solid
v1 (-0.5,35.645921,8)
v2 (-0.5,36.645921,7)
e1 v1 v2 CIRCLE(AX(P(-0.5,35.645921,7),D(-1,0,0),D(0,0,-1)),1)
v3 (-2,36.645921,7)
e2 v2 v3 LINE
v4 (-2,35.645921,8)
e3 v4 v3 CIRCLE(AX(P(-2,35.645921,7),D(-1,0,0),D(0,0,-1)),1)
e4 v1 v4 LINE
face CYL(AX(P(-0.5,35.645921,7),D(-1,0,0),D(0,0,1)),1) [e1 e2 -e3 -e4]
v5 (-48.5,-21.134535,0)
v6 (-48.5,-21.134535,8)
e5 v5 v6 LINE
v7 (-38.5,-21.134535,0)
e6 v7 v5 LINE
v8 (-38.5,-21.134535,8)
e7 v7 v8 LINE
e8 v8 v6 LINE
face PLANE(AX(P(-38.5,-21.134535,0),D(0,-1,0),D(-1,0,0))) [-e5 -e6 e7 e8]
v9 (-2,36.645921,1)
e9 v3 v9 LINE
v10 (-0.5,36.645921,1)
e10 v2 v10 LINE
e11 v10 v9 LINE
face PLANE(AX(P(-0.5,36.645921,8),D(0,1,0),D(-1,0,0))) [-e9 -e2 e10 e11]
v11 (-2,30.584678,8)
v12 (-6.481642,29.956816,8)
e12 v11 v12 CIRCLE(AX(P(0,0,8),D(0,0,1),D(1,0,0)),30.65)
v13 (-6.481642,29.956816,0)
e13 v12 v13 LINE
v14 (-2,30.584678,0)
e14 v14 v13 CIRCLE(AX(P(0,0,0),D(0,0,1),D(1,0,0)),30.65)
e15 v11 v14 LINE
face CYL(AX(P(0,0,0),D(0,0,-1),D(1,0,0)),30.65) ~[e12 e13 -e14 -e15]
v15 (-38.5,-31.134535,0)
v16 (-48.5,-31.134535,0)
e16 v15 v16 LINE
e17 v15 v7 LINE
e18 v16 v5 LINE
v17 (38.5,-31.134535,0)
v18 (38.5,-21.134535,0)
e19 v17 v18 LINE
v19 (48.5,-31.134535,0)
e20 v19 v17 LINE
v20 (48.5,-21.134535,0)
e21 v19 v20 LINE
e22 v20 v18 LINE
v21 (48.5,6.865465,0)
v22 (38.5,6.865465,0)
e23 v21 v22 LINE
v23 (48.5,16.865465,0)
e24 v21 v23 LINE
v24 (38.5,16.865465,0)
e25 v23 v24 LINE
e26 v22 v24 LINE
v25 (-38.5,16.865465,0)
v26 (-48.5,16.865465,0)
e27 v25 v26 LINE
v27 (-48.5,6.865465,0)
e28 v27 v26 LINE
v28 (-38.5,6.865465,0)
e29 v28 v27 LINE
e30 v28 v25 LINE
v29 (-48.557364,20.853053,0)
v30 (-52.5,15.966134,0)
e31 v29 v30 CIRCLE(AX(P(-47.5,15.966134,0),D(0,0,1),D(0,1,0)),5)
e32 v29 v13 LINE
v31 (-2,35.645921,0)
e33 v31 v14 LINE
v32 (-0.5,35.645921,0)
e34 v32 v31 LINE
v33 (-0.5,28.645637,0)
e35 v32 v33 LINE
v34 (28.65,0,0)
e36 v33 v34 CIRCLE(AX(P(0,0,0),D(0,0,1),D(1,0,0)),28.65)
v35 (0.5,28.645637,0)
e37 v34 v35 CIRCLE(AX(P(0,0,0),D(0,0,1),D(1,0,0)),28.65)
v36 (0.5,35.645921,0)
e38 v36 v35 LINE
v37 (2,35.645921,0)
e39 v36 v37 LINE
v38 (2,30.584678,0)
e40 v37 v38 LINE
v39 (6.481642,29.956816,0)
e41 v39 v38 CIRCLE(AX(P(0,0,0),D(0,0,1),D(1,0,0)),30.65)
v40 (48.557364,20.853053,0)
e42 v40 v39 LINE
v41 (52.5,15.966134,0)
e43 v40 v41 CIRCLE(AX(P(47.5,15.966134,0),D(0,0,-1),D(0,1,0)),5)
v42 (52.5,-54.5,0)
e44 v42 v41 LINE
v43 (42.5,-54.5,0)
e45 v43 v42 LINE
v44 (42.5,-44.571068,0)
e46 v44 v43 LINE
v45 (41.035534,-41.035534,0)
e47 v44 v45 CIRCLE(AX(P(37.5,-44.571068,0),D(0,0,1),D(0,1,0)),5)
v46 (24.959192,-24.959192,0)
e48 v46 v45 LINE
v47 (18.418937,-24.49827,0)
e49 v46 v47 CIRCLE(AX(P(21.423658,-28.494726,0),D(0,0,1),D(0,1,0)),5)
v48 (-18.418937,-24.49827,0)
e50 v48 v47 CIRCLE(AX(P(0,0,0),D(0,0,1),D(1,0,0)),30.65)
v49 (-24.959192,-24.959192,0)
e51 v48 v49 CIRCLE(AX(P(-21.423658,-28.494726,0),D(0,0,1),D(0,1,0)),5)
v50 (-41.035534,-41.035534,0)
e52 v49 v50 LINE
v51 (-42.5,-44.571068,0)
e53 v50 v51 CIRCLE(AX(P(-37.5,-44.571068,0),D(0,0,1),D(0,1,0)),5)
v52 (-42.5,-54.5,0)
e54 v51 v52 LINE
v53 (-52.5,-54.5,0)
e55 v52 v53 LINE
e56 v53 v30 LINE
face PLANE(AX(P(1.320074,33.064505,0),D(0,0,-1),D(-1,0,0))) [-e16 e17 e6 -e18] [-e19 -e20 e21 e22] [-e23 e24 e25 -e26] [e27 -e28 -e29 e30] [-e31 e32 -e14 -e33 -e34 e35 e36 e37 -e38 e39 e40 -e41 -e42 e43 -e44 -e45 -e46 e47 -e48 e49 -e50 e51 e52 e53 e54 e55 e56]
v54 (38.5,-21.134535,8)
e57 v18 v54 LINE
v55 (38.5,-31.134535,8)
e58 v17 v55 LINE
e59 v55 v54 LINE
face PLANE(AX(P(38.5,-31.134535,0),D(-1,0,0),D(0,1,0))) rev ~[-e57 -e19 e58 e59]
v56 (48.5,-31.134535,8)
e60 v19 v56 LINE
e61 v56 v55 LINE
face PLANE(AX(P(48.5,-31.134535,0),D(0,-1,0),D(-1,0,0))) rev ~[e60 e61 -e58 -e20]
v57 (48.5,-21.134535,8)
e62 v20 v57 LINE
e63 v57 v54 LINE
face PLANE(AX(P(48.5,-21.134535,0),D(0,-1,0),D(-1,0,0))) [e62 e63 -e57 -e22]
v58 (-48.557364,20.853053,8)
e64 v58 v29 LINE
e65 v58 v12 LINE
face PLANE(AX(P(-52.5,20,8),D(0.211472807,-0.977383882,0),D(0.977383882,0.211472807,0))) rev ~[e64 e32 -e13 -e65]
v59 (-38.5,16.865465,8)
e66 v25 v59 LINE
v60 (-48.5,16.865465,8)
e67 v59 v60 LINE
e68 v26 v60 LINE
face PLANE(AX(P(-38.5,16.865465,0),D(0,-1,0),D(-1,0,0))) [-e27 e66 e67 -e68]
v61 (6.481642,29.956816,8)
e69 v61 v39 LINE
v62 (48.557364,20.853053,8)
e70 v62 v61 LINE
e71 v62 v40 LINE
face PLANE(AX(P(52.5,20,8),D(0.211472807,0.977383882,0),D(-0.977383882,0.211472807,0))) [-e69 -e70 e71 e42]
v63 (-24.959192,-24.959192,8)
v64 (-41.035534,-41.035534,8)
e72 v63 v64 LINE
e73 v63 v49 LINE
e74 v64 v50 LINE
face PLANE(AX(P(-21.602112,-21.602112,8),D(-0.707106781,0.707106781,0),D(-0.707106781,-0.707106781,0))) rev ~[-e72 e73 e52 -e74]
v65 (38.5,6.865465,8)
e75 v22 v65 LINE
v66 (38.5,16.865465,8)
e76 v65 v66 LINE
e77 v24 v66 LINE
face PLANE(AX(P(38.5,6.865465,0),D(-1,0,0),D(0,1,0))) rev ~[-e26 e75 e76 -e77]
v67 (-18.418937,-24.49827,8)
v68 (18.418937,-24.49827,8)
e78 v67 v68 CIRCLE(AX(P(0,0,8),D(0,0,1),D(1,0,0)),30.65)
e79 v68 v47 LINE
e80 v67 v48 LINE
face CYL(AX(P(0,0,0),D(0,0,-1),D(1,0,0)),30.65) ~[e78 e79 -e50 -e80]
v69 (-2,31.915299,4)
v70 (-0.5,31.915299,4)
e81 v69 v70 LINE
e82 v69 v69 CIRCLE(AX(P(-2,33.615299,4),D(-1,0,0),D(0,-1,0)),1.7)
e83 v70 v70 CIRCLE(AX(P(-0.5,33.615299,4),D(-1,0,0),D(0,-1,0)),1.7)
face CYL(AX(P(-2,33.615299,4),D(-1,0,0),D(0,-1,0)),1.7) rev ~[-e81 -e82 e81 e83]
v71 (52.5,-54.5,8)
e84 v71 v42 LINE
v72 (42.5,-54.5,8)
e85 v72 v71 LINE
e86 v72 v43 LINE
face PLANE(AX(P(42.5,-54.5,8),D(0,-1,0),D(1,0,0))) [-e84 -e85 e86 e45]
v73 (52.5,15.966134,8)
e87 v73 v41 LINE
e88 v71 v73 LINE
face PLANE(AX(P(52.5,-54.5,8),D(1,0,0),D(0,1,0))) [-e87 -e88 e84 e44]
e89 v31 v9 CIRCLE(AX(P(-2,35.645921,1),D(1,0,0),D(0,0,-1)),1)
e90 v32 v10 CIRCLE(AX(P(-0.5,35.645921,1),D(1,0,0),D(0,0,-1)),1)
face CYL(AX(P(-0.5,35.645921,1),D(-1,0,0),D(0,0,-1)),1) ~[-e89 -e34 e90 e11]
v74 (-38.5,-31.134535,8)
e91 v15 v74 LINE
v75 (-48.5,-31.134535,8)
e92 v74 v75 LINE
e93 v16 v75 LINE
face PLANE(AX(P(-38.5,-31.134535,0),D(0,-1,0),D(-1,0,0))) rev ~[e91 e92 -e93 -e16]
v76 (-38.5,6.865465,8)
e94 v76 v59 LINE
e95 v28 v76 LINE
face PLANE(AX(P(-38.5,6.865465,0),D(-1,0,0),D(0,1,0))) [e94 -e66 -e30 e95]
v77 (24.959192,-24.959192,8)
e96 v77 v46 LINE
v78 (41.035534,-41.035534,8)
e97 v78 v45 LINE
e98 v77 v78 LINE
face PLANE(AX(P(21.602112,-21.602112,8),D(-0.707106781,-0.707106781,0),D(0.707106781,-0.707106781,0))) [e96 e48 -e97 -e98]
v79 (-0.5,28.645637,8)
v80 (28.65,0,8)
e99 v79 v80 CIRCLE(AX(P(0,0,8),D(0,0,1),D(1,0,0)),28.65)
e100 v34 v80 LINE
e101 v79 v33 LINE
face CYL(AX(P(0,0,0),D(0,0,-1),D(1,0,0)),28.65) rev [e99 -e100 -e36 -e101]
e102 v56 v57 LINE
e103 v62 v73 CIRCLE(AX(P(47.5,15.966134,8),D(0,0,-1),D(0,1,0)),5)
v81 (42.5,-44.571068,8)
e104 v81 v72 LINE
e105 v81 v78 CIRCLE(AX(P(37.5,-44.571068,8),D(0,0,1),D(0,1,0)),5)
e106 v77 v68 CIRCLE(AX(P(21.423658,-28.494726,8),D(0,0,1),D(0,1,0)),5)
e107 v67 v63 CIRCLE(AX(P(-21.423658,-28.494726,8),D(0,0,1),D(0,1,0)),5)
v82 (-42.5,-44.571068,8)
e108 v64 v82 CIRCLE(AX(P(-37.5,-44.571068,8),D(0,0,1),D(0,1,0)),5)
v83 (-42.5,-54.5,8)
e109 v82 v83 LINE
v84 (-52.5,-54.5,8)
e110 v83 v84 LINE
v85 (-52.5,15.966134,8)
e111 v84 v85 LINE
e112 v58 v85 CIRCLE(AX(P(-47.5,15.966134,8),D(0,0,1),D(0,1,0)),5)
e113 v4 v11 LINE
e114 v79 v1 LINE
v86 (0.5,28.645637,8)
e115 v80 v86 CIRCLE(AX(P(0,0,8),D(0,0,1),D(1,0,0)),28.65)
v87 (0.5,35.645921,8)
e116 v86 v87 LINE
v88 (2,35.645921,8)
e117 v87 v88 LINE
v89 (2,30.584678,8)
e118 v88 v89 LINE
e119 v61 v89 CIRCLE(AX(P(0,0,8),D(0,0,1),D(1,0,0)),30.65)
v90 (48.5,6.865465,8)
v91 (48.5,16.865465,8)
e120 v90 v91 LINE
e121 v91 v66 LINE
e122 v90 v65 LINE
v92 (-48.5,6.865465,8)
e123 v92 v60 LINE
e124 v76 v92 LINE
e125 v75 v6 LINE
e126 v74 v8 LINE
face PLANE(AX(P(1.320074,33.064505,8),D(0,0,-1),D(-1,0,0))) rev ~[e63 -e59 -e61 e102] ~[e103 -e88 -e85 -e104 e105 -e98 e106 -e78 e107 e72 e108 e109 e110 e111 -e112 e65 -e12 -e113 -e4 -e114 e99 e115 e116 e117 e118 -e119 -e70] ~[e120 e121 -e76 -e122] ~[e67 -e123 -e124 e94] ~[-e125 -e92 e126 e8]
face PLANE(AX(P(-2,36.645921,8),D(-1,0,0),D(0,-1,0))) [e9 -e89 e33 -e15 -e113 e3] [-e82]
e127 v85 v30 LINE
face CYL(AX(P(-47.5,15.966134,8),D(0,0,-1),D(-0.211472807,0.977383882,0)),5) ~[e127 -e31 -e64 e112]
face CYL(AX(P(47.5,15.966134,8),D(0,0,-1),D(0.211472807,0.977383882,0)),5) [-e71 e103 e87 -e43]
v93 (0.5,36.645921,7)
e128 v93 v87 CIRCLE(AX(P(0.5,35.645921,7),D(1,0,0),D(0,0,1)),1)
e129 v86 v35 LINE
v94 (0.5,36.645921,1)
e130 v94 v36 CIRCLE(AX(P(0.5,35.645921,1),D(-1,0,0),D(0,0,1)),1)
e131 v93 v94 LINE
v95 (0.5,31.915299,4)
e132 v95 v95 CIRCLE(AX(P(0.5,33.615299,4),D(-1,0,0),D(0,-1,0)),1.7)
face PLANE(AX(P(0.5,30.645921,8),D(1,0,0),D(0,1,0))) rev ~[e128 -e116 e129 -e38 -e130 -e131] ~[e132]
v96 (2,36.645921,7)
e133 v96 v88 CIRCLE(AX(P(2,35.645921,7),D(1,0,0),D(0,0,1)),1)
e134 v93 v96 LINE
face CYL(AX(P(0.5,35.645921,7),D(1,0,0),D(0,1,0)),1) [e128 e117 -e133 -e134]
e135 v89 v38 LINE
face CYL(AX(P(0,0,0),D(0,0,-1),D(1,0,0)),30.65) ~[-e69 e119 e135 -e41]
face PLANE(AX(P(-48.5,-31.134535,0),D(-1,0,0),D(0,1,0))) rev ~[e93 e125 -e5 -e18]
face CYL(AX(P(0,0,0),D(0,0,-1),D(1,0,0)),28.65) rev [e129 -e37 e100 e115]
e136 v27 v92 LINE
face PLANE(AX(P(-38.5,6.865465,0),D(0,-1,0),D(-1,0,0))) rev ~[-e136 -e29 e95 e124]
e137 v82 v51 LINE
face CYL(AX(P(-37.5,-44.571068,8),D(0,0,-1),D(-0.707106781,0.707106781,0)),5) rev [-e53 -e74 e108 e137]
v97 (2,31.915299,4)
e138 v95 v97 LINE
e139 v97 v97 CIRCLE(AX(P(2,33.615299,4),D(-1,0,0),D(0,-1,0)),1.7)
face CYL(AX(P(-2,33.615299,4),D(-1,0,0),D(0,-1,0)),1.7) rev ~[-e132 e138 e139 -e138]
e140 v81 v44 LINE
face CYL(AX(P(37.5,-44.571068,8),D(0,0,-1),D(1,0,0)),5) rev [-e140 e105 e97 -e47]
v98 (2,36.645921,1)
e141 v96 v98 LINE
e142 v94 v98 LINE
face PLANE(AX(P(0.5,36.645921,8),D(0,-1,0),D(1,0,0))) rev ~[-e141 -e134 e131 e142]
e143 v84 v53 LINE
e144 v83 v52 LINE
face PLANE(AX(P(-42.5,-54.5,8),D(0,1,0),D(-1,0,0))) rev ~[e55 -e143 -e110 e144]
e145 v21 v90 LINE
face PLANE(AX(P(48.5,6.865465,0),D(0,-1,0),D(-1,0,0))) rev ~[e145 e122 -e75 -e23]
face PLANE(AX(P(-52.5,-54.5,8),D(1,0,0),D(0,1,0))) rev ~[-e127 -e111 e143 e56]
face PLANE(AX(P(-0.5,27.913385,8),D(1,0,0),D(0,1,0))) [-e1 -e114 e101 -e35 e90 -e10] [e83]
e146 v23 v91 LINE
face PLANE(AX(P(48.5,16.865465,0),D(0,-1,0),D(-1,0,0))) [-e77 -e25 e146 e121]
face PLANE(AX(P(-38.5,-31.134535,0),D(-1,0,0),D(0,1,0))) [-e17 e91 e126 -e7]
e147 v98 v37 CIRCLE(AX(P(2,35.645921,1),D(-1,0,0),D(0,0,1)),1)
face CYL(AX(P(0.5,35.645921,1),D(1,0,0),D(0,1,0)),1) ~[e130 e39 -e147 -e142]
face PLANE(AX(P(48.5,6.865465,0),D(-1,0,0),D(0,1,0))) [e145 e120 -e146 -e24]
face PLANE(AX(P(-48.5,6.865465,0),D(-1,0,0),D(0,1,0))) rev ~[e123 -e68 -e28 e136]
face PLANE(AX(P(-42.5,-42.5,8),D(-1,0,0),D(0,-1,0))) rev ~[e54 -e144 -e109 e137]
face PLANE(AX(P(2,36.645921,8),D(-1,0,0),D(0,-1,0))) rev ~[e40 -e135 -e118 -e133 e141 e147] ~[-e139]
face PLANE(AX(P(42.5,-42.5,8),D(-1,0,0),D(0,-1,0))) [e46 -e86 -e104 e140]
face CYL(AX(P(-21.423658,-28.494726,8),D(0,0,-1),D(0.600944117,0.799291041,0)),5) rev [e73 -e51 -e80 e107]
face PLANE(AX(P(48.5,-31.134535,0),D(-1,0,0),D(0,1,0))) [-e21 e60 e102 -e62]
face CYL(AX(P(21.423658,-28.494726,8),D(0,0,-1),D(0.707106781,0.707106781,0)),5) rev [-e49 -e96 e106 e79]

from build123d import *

# Parameters (mm, degrees)
SKIZZE1_R                       = 30.65
SKIZZE1_R_2                     = 28.65
AUFSATZ_LINEAR_AUSTRAGEN1_DEPTH = 8
AUFSATZ_LINEAR_AUSTRAGEN2_DEPTH = 8
SKIZZE3_W                       = 1
SKIZZE3_H                       = 2.855309686
SCHNITT_LINEAR_AUSTRAGEN1_DEPTH = 10
AUFSATZ_LINEAR_AUSTRAGEN3_DEPTH = 8
SKIZZE5_R                       = 1.7
SCHNITT_LINEAR_AUSTRAGEN2_DEPTH = 8
VERRUNDUNG2_R                   = 1
SKIZZE7_W                       = 10
SKIZZE7_H                       = 10
SCHNITT_LINEAR_AUSTRAGEN4_DEPTH = 10
VERRUNDUNG3_R                   = 5


with BuildPart() as part:
    # Skizze1 → Aufsatz-Linear austragen1 (new body)
    with BuildSketch(Plane.XY):
        Circle(SKIZZE1_R)
        Circle(SKIZZE1_R_2, mode=Mode.SUBTRACT)
    extrude(amount=AUFSATZ_LINEAR_AUSTRAGEN1_DEPTH)

    # Skizze2 → Aufsatz-Linear austragen2 (add)
    with BuildSketch(Plane.XY.offset(8)):
        with BuildLine():
            Line((42.5, -42.5), (42.5, -54.5))
            Line((42.5, -54.5), (52.5, -54.5))
            Line((52.5, -54.5), (52.5, 20))
            Line((52.5, 20), (6.481641536, 29.956815969))
            Line((6.481641536, 29.956815969), (6.460494255, 29.859077581))
            ThreePointArc((6.460494255, 29.859077581), (29.307694933, 8.623312455), (21.602112165, -21.602112165))
            Line((21.602112165, -21.602112165), (21.672822843, -21.672822843))
            Line((21.672822843, -21.672822843), (42.5, -42.5))
        make_face()
        with BuildLine():
            Line((-21.672822843, -21.672822843), (-42.5, -42.5))
            Line((-42.5, -42.5), (-42.5, -54.5))
            Line((-42.5, -54.5), (-52.5, -54.5))
            Line((-52.5, -54.5), (-52.5, 20))
            Line((-52.5, 20), (-6.481641536, 29.956815969))
            Line((-6.481641536, 29.956815969), (-6.460494255, 29.859077581))
            ThreePointArc((-6.460494255, 29.859077581), (-29.307694933, 8.623312455), (-21.602112165, -21.602112165))
            Line((-21.602112165, -21.602112165), (-21.672822843, -21.672822843))
        make_face()
    extrude(amount=-AUFSATZ_LINEAR_AUSTRAGEN2_DEPTH)

    # Skizze3 → Schnitt-Linear austragen1 (cut)
    with BuildSketch(Plane.XY.offset(8)):
        with Locations((0, 29.34103969)):
            Rectangle(SKIZZE3_W, SKIZZE3_H)
    extrude(amount=-SCHNITT_LINEAR_AUSTRAGEN1_DEPTH, mode=Mode.SUBTRACT)

    # Skizze4 → Aufsatz-Linear austragen3 (add)
    with BuildSketch(Plane.XY.offset(8)):
        Polygon((0.5, 30.645921425), (0.5, 36.645921425), (2, 36.645921425), (2, 29.02715443), align=None)
        Polygon((-2, 29.02715443), (-0.5, 30.645921425), (-0.5, 36.645921425), (-2, 36.645921425), align=None)
    extrude(amount=-AUFSATZ_LINEAR_AUSTRAGEN3_DEPTH)

    # Skizze5 → Schnitt-Linear austragen2 (cut)
    with BuildSketch(Plane.ZY.offset(2)):
        with Locations(Location((4, 33.615299481, 0), (0, 0, 270))):
            Circle(SKIZZE5_R)
    extrude(amount=-SCHNITT_LINEAR_AUSTRAGEN2_DEPTH, mode=Mode.SUBTRACT)

    # Verrundung2
    verrundung2_edges = [part.edges().sort_by_distance(p)[0] for p in [
        (-1.25, 36.645921425, 8),
        (-1.25, 36.645921425, 0),
        (1.25, 36.645921425, 8),
        (1.25, 36.645921425, 0),
    ]]
    fillet(verrundung2_edges, radius=VERRUNDUNG2_R)

    # Skizze7 → Schnitt-Linear austragen4 (cut)
    with BuildSketch(Plane(origin=(0, 0, 0), x_dir=(-1, 0, 0), z_dir=(0, 0, -1))):
        with Locations((-43.5, 11.86546468)):
            Rectangle(SKIZZE7_W, SKIZZE7_H)
        with Locations((-43.5, -26.13453532)):
            Rectangle(SKIZZE7_W, SKIZZE7_H)
        with Locations((43.5, -26.13453532)):
            Rectangle(SKIZZE7_W, SKIZZE7_H)
        with Locations((43.5, 11.86546468)):
            Rectangle(SKIZZE7_W, SKIZZE7_H)
    extrude(amount=-SCHNITT_LINEAR_AUSTRAGEN4_DEPTH, mode=Mode.SUBTRACT)

    # Verrundung3
    verrundung3_edges = [part.edges().sort_by_distance(p)[0] for p in [
        (-21.672822843, -21.672822843, 4),
        (-42.5, -42.5, 4),
        (-52.5, 20, 4),
        (21.672822843, -21.672822843, 4),
        (42.5, -42.5, 4),
        (52.5, 20, 4),
    ]]
    fillet(verrundung3_edges, radius=VERRUNDUNG3_R)


solid = part.part
